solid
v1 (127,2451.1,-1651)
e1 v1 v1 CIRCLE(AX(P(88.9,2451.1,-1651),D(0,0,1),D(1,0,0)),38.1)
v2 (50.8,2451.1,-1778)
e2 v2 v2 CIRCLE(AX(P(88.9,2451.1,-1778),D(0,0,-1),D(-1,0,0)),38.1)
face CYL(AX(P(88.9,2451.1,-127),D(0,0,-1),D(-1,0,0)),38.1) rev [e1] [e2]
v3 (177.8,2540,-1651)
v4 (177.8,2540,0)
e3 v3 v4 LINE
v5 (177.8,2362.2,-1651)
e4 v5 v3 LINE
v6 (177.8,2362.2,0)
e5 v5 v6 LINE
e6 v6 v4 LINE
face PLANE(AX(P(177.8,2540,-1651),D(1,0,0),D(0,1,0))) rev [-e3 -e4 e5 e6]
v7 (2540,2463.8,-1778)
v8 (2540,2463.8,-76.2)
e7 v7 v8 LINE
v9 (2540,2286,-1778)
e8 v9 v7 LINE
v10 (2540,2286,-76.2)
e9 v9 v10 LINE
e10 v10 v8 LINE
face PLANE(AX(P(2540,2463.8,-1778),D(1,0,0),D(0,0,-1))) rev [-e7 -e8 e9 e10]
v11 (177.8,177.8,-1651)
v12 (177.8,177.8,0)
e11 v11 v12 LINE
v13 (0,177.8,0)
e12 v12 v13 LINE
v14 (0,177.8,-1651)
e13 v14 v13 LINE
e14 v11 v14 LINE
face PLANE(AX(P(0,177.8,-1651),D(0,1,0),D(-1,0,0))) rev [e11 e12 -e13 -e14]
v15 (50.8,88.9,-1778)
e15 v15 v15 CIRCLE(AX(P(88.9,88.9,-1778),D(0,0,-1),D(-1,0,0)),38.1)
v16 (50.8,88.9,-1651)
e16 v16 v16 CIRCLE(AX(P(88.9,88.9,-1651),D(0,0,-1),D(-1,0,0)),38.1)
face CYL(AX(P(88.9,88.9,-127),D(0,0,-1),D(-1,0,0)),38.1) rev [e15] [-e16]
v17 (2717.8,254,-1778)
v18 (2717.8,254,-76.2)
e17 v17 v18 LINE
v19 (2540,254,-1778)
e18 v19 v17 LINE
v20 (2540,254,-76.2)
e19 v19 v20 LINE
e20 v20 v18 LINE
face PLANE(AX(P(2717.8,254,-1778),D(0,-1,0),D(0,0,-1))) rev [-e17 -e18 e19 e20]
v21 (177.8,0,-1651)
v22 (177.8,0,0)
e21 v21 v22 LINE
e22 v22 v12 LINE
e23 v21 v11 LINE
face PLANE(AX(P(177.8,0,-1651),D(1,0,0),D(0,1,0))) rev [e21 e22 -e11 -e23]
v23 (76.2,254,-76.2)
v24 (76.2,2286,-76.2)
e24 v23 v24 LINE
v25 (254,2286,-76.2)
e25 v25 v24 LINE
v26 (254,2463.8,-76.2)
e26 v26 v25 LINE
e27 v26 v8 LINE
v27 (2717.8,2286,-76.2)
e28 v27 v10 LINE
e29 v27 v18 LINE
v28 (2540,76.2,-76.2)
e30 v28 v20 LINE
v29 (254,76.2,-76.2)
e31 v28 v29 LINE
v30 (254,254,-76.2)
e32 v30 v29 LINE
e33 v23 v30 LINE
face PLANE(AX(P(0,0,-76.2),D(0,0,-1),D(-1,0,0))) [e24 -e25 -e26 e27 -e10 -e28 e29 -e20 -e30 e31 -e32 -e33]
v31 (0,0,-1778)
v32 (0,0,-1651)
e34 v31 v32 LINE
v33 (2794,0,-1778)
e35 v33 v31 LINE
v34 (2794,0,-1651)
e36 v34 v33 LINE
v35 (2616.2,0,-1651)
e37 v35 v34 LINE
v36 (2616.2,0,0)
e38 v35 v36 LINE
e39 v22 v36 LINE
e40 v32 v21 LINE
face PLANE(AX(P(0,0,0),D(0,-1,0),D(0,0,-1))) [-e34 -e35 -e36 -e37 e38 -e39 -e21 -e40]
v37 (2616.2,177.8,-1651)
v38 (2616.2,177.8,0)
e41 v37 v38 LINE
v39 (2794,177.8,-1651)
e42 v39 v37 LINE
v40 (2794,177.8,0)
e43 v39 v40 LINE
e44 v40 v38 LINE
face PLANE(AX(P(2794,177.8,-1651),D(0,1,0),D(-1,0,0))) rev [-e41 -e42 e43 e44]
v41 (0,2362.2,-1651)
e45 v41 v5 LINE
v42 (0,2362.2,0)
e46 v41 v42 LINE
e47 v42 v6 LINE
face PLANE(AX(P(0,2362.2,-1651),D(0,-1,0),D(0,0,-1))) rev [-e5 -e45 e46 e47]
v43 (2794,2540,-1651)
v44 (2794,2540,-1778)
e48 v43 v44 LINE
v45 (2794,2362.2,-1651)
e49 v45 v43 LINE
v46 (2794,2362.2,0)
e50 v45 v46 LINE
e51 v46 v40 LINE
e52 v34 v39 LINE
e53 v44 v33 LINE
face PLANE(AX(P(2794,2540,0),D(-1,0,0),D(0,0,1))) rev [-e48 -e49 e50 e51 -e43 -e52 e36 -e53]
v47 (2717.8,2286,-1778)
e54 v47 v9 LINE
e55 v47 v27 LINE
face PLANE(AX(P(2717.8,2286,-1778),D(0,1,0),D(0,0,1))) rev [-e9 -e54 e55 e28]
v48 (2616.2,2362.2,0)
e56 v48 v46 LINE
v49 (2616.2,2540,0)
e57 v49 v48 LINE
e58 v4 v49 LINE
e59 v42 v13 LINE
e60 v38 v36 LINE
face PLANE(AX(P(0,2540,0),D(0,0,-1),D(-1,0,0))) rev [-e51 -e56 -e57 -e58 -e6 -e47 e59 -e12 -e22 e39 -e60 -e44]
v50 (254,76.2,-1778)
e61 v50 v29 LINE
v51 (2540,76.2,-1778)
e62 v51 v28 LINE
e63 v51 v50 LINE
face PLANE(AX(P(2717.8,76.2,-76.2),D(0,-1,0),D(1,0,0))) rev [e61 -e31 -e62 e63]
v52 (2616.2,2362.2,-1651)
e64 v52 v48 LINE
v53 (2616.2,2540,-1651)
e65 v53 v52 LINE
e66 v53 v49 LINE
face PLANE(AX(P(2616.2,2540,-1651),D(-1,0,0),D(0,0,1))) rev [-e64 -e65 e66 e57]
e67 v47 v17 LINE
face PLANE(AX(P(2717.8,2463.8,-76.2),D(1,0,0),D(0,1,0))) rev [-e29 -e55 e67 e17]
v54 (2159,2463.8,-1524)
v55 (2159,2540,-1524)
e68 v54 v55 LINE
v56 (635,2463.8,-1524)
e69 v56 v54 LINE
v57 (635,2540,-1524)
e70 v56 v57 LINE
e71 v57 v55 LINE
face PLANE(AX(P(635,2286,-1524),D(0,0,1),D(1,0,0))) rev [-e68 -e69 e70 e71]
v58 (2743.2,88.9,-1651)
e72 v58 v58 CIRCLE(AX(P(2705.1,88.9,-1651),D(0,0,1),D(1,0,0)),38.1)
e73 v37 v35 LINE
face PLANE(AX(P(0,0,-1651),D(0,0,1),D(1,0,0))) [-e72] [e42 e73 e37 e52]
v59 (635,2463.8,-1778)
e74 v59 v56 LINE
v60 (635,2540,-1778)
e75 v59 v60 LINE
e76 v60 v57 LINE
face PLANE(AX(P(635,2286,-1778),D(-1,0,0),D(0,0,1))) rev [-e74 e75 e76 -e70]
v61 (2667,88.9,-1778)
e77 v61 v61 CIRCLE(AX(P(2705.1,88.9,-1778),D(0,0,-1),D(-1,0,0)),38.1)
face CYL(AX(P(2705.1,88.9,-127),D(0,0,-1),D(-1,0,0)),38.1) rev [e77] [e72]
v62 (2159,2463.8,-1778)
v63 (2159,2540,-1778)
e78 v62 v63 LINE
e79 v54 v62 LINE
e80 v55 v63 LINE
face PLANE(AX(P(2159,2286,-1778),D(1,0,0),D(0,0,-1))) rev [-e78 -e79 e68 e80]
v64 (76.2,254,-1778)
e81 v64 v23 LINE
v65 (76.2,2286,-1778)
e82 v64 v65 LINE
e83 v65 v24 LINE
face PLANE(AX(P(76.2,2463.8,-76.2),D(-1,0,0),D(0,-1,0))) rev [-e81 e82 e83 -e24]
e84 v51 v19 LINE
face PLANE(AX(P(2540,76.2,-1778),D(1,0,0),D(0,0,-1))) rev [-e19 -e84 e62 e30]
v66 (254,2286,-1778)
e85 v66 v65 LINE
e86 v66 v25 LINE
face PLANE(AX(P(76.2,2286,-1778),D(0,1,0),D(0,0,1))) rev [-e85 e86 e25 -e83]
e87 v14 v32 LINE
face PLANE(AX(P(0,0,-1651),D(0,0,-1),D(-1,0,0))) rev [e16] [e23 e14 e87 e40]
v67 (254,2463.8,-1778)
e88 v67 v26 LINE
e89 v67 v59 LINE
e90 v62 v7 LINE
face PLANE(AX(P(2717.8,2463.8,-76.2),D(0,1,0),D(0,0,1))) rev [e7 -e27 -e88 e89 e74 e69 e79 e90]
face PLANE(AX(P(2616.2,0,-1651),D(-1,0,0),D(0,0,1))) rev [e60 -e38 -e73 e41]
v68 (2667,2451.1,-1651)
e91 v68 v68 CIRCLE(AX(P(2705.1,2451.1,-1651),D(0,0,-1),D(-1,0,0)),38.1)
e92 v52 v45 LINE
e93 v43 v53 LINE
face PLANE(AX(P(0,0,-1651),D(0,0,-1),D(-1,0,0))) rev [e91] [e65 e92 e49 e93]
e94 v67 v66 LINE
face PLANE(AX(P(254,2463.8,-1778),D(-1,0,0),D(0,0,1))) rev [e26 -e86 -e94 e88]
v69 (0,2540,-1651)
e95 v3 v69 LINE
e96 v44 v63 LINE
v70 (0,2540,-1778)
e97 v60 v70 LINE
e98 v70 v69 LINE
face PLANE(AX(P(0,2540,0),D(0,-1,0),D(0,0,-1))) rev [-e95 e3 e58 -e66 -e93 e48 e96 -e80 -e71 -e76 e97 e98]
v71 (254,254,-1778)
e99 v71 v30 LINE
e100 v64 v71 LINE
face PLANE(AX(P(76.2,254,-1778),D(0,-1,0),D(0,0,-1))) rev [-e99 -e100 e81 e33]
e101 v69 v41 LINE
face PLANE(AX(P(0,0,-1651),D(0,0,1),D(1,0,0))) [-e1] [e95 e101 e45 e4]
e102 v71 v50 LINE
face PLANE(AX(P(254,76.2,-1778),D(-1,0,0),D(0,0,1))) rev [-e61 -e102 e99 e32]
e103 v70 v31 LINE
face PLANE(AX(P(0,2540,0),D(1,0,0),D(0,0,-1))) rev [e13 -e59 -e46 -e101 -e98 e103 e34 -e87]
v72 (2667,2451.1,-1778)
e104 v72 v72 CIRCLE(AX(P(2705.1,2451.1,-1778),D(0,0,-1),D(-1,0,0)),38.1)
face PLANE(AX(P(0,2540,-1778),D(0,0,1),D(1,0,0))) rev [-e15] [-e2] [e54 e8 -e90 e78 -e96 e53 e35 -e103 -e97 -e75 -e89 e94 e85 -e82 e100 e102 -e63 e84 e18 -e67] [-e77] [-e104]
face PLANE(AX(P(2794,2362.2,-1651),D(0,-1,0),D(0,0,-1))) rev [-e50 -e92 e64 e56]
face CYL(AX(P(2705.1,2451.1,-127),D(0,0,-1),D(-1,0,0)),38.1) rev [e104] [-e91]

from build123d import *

# Parameters (mm, degrees)
SKETCH1_W           = 2794
SKETCH1_H           = 1778
BOSS_EXTRUDE1_DEPTH = 2540
SKETCH2_W           = 2641.6
SKETCH2_H           = 2387.6
CUT_EXTRUDE1_DEPTH  = 1701.8
SKETCH3_W           = 177.8
SKETCH3_H           = 177.8
BOSS_EXTRUDE2_DEPTH = 1701.8
SKETCH4_W           = 177.8
SKETCH4_H           = 177.8
CUT_EXTRUDE2_DEPTH  = 1651
SKETCH5_R           = 38.1
CUT_EXTRUDE5_DEPTH  = 1651
SKETCH6_W           = 1524
SKETCH6_H           = 254
CUT_EXTRUDE6_DEPTH  = 254


with BuildPart() as part:
    # Sketch1 → Boss-Extrude1 (new body)
    with BuildSketch(Plane(origin=(0, 0, 0), x_dir=(1, 0, 0), z_dir=(0, 1, 0))):
        with Locations((1397, 889)):
            Rectangle(SKETCH1_W, SKETCH1_H)
    extrude(amount=BOSS_EXTRUDE1_DEPTH)

    # Sketch2 → Cut-Extrude1 (cut)
    with BuildSketch(Plane(origin=(0, 0, -1778), x_dir=(-1, 0, 0), z_dir=(0, 0, -1))):
        with Locations((-1397, 1270)):
            Rectangle(SKETCH2_W, SKETCH2_H)
    extrude(amount=-CUT_EXTRUDE1_DEPTH, mode=Mode.SUBTRACT)

    # Sketch3 → Boss-Extrude2 (add)
    with BuildSketch(Plane(origin=(0, 0, -76.2), x_dir=(-1, 0, 0), z_dir=(0, 0, -1))):
        with Locations((-2628.9, 2374.9)):
            Rectangle(SKETCH3_W, SKETCH3_H)
        with Locations((-165.1, 2374.9)):
            Rectangle(SKETCH3_W, SKETCH3_H)
        with Locations((-2628.9, 165.1)):
            Rectangle(SKETCH3_W, SKETCH3_H)
        with Locations((-165.1, 165.1)):
            Rectangle(SKETCH3_W, SKETCH3_H)
    extrude(amount=BOSS_EXTRUDE2_DEPTH)

    # Sketch4 → Cut-Extrude2 (cut)
    with BuildSketch(Plane.XY):
        with Locations((88.9, 2451.1)):
            Rectangle(SKETCH4_W, SKETCH4_H)
        with Locations((2705.1, 2451.1)):
            Rectangle(SKETCH4_W, SKETCH4_H)
        with Locations((88.9, 88.9)):
            Rectangle(SKETCH4_W, SKETCH4_H)
        with Locations((2705.1, 88.9)):
            Rectangle(SKETCH4_W, SKETCH4_H)
    extrude(amount=-CUT_EXTRUDE2_DEPTH, mode=Mode.SUBTRACT)

    # Sketch5 → Cut-Extrude5 (cut)
    with BuildSketch(Plane(origin=(0, 0, -1778), x_dir=(-1, 0, 0), z_dir=(0, 0, -1))):
        with Locations((-2705.1, 2451.1)):
            Circle(SKETCH5_R)
        with Locations((-2705.1, 88.9)):
            Circle(SKETCH5_R)
        with Locations((-88.9, 2451.1)):
            Circle(SKETCH5_R)
        with Locations((-88.9, 88.9)):
            Circle(SKETCH5_R)
    extrude(amount=-CUT_EXTRUDE5_DEPTH, mode=Mode.SUBTRACT)

    # Sketch6 → Cut-Extrude6 (cut)
    with BuildSketch(Plane(origin=(0, 2540, 0), x_dir=(1, 0, 0), z_dir=(0, 1, 0))):
        with Locations((1397, 1651)):
            Rectangle(SKETCH6_W, SKETCH6_H)
    extrude(amount=-CUT_EXTRUDE6_DEPTH, mode=Mode.SUBTRACT)


solid = part.part
